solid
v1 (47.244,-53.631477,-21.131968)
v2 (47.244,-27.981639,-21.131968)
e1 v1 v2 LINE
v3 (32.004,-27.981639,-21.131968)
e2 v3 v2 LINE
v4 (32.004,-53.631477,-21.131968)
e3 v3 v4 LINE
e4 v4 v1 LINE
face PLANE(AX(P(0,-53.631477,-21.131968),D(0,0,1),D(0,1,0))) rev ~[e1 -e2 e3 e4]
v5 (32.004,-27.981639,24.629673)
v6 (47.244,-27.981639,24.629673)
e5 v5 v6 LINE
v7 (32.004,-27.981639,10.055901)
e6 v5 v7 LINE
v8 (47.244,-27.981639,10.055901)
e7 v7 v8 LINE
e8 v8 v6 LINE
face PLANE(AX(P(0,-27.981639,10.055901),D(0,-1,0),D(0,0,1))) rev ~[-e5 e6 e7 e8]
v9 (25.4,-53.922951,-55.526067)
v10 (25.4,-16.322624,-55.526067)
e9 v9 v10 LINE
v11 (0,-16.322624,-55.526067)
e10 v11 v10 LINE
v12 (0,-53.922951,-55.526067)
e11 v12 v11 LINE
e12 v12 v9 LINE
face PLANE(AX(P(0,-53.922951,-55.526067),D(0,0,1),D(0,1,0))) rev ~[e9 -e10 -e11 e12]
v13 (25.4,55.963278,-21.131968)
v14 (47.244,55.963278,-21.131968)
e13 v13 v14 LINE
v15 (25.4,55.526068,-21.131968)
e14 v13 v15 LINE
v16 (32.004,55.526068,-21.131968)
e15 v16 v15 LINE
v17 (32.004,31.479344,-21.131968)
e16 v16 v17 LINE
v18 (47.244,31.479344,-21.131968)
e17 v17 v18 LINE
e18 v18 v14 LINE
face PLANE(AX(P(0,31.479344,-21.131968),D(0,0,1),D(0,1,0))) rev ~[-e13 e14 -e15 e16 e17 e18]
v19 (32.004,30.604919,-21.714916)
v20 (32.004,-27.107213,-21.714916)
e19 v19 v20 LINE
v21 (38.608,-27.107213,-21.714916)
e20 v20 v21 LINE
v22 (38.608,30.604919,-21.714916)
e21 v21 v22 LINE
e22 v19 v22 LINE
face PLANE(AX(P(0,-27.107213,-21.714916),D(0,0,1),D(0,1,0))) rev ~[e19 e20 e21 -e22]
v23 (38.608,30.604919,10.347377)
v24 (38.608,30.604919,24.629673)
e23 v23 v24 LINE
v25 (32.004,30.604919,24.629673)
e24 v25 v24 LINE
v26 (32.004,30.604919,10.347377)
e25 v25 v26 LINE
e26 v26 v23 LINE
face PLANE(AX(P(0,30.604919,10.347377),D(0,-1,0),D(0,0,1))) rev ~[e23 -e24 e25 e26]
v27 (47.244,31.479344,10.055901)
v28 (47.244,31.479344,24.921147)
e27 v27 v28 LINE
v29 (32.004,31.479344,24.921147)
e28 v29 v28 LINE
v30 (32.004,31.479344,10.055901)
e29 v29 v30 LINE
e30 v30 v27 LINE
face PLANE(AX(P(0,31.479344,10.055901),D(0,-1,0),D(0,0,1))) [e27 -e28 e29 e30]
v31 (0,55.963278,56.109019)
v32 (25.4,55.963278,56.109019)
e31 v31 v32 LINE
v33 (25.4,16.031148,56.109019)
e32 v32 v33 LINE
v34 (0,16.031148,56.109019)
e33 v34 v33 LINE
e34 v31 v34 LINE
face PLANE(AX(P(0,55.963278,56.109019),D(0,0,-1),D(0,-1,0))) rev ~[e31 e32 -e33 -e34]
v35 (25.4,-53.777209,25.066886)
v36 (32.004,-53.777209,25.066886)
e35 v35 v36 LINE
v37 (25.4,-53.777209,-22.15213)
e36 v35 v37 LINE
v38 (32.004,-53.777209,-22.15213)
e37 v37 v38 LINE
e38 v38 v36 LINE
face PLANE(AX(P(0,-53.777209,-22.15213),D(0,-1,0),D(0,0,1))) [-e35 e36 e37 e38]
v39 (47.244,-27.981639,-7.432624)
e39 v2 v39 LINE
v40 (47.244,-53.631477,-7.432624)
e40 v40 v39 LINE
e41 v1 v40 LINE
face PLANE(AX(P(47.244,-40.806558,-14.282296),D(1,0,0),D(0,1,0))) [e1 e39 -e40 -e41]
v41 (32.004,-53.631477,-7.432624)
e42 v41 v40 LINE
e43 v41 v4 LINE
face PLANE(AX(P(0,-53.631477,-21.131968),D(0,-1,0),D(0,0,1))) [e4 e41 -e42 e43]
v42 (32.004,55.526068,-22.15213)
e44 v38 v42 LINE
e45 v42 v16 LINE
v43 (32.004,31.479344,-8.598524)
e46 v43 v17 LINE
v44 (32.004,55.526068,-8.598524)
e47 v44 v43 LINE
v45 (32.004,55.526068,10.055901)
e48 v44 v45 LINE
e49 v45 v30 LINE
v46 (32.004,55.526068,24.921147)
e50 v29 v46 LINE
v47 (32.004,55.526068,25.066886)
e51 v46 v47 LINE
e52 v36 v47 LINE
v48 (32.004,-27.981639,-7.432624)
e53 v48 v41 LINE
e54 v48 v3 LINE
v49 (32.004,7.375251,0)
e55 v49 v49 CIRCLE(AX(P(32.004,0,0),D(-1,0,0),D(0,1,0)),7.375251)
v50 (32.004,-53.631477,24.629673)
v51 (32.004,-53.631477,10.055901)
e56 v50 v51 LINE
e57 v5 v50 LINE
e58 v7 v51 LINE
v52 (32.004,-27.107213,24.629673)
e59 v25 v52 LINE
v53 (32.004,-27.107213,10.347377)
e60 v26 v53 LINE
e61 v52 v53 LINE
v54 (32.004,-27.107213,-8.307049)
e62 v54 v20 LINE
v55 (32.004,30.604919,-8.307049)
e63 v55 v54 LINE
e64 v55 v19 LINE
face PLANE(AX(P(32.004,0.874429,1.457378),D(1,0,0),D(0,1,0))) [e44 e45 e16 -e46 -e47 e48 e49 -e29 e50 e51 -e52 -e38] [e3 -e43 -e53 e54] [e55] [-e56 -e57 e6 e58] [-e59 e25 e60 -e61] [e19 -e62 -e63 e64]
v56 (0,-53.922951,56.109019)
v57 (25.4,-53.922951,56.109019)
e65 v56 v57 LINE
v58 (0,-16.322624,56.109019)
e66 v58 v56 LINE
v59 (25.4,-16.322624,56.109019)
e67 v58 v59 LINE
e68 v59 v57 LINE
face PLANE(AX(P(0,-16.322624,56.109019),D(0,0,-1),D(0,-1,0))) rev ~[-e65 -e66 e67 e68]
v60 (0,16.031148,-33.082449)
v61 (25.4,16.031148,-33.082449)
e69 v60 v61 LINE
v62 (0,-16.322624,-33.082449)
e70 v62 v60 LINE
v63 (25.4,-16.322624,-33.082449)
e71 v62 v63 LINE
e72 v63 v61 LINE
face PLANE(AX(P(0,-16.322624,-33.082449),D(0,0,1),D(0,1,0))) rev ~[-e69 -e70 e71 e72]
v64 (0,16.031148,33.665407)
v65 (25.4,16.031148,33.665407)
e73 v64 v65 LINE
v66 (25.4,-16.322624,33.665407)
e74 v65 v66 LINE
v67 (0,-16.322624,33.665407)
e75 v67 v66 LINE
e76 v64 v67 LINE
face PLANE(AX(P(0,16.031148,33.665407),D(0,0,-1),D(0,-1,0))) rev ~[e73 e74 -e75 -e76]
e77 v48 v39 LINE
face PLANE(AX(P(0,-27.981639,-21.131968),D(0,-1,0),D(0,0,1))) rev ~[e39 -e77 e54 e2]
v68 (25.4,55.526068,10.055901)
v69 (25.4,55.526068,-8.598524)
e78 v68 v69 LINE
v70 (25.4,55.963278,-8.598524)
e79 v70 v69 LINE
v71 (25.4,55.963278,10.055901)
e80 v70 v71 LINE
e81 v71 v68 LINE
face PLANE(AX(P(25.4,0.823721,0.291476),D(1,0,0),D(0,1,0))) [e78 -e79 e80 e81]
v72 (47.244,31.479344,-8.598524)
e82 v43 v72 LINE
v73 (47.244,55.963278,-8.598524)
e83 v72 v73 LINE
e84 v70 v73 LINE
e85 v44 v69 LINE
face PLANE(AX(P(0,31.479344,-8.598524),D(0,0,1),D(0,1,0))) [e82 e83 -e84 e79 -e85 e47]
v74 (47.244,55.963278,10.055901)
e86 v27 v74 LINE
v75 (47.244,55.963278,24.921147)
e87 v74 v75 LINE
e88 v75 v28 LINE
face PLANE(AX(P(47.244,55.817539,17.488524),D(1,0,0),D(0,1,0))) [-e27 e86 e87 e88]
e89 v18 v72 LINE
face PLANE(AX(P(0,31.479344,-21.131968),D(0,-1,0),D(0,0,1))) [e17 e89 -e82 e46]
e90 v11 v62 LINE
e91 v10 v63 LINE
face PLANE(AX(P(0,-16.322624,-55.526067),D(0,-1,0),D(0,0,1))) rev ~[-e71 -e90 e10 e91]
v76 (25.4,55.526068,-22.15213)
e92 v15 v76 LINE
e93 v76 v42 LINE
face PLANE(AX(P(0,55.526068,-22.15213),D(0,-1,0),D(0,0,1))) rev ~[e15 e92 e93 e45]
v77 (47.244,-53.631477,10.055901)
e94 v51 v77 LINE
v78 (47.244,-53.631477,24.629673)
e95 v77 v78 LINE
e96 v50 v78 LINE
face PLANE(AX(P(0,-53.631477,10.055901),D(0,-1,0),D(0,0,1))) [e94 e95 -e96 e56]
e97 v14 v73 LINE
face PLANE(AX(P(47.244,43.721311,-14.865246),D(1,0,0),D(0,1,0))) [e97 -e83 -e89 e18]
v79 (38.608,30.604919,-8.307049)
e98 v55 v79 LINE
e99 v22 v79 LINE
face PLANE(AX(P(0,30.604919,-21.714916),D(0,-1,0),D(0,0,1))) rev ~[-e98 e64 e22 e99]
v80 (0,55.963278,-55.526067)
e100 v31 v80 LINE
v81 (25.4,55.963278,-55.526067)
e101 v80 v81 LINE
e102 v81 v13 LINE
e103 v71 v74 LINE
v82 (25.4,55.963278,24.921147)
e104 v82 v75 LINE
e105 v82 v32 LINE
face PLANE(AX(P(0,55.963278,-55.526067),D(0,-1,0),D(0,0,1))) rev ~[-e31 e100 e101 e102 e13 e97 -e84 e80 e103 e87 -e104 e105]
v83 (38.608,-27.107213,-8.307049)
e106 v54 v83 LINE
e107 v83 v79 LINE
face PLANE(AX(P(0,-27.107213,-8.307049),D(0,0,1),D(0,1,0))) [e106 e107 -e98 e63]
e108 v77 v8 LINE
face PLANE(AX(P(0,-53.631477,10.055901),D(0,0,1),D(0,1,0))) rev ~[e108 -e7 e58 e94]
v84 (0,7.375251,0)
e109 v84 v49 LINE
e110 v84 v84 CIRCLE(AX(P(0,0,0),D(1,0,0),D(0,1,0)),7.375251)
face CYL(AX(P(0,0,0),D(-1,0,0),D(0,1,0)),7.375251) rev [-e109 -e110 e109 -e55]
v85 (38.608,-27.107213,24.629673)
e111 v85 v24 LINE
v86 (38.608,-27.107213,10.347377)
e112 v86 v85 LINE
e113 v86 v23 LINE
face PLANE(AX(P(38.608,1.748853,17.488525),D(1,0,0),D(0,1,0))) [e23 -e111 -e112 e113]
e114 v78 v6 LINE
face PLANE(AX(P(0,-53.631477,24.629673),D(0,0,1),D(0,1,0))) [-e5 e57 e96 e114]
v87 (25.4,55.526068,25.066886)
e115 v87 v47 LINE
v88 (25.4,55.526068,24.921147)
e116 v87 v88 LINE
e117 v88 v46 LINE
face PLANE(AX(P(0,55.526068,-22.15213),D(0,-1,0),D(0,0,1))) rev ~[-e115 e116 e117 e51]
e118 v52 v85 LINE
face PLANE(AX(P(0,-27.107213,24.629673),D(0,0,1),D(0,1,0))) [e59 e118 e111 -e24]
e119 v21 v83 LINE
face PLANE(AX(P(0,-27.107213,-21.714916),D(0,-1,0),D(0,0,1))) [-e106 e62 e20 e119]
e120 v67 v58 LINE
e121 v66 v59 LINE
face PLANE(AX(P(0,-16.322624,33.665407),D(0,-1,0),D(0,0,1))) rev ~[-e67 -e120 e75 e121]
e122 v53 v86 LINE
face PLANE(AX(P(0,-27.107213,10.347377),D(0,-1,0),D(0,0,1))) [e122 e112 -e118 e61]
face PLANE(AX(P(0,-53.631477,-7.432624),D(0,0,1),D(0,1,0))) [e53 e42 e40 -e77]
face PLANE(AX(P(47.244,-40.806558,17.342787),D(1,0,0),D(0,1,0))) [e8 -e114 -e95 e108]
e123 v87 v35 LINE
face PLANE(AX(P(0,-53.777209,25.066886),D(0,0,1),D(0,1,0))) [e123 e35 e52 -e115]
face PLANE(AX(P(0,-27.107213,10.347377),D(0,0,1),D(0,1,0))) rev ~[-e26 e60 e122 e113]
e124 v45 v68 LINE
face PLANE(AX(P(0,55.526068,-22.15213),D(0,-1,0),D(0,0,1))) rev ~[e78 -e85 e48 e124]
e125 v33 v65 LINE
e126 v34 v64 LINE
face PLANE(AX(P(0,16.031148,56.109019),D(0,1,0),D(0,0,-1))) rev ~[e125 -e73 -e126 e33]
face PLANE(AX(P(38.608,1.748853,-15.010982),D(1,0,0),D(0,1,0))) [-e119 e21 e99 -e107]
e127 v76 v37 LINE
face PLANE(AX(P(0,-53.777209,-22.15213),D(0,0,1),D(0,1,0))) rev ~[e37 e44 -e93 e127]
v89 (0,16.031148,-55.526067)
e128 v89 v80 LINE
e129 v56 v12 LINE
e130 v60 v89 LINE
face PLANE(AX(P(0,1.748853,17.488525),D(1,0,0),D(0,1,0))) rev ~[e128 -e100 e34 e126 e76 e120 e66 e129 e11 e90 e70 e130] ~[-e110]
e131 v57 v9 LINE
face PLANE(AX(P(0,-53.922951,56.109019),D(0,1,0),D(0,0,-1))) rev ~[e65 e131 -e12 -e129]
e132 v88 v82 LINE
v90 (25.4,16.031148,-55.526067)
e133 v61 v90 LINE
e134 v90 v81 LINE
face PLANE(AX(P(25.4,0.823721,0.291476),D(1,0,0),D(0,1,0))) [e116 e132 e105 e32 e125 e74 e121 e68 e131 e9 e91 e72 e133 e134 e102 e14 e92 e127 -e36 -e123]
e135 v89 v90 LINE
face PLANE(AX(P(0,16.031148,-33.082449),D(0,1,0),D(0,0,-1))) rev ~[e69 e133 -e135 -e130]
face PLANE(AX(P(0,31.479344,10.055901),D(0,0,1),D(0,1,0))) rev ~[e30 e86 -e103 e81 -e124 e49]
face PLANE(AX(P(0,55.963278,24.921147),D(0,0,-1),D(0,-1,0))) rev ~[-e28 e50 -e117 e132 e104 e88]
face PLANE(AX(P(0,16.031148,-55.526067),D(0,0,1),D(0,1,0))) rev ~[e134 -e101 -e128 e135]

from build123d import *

# Parameters (mm, degrees)
F1_DEPTH = 25.4
F2_W     = 109.303277
F2_H     = 47.219016
F3_DEPTH = 32.004
F4_W     = 25.649838
F4_H     = 14.573772
F4_H_2   = 13.699345
F4_W_2   = 0.291478
F4_H_3   = 14.865246
F4_W_3   = 24.192456
F4_W_4   = 24.483934
F4_H_4   = 12.533444
F5_DEPTH = 47.244
F6_W     = 57.712132
F6_H     = 14.282296
F6_H_2   = 13.407867
F7_DEPTH = 38.608
F8_R     = 7.375251
F9_DEPTH = 65.278


with BuildPart() as f1:
    # F0 (on Right) → F1 (new body)
    with BuildSketch(Plane.YZ):
        Polygon((-16.322624, 56.109019), (-53.922951, 56.109019), (-53.922951, -55.526067), (-16.322624, -55.526067), (-16.322624, -33.082449), (16.031148, -33.082449), (16.031148, -55.526067), (55.963278, -55.526067), (55.963278, 56.109019), (16.031148, 56.109019), (16.031148, 33.665407), (-16.322624, 33.665407), align=None)
    extrude(amount=F1_DEPTH)

    # F2 (on Right) → F3 (join)
    with BuildSketch(Plane.YZ):
        with Locations((0.874429, 1.457378)):
            Rectangle(F2_W, F2_H)
    extrude(amount=F3_DEPTH)

    # F4 (on Right) → F5 (join)
    with BuildSketch(Plane.YZ):
        with Locations((-40.806558, 17.342787)):
            Rectangle(F4_W, F4_H)
        with Locations((-40.806558, -14.282296)):
            Rectangle(F4_W, F4_H_2)
        with Locations((55.817539, 17.488524)):
            Rectangle(F4_W_2, F4_H_3)
        with Locations((43.575572, 17.488524)):
            Rectangle(F4_W_3, F4_H_3)
        with Locations((43.721311, -14.865246)):
            Rectangle(F4_W_4, F4_H_4)
    extrude(amount=F5_DEPTH)

    # F6 (on Right) → F7 (join)
    with BuildSketch(Plane.YZ):
        with Locations((1.748853, 17.488525)):
            Rectangle(F6_W, F6_H)
        with Locations((1.748853, -15.010982)):
            Rectangle(F6_W, F6_H_2)
    extrude(amount=F7_DEPTH)

    # F8 (on Right) → F9 (cut)
    with BuildSketch(Plane.YZ):
        Circle(F8_R)
    extrude(amount=F9_DEPTH, mode=Mode.SUBTRACT)


solid = f1.part
